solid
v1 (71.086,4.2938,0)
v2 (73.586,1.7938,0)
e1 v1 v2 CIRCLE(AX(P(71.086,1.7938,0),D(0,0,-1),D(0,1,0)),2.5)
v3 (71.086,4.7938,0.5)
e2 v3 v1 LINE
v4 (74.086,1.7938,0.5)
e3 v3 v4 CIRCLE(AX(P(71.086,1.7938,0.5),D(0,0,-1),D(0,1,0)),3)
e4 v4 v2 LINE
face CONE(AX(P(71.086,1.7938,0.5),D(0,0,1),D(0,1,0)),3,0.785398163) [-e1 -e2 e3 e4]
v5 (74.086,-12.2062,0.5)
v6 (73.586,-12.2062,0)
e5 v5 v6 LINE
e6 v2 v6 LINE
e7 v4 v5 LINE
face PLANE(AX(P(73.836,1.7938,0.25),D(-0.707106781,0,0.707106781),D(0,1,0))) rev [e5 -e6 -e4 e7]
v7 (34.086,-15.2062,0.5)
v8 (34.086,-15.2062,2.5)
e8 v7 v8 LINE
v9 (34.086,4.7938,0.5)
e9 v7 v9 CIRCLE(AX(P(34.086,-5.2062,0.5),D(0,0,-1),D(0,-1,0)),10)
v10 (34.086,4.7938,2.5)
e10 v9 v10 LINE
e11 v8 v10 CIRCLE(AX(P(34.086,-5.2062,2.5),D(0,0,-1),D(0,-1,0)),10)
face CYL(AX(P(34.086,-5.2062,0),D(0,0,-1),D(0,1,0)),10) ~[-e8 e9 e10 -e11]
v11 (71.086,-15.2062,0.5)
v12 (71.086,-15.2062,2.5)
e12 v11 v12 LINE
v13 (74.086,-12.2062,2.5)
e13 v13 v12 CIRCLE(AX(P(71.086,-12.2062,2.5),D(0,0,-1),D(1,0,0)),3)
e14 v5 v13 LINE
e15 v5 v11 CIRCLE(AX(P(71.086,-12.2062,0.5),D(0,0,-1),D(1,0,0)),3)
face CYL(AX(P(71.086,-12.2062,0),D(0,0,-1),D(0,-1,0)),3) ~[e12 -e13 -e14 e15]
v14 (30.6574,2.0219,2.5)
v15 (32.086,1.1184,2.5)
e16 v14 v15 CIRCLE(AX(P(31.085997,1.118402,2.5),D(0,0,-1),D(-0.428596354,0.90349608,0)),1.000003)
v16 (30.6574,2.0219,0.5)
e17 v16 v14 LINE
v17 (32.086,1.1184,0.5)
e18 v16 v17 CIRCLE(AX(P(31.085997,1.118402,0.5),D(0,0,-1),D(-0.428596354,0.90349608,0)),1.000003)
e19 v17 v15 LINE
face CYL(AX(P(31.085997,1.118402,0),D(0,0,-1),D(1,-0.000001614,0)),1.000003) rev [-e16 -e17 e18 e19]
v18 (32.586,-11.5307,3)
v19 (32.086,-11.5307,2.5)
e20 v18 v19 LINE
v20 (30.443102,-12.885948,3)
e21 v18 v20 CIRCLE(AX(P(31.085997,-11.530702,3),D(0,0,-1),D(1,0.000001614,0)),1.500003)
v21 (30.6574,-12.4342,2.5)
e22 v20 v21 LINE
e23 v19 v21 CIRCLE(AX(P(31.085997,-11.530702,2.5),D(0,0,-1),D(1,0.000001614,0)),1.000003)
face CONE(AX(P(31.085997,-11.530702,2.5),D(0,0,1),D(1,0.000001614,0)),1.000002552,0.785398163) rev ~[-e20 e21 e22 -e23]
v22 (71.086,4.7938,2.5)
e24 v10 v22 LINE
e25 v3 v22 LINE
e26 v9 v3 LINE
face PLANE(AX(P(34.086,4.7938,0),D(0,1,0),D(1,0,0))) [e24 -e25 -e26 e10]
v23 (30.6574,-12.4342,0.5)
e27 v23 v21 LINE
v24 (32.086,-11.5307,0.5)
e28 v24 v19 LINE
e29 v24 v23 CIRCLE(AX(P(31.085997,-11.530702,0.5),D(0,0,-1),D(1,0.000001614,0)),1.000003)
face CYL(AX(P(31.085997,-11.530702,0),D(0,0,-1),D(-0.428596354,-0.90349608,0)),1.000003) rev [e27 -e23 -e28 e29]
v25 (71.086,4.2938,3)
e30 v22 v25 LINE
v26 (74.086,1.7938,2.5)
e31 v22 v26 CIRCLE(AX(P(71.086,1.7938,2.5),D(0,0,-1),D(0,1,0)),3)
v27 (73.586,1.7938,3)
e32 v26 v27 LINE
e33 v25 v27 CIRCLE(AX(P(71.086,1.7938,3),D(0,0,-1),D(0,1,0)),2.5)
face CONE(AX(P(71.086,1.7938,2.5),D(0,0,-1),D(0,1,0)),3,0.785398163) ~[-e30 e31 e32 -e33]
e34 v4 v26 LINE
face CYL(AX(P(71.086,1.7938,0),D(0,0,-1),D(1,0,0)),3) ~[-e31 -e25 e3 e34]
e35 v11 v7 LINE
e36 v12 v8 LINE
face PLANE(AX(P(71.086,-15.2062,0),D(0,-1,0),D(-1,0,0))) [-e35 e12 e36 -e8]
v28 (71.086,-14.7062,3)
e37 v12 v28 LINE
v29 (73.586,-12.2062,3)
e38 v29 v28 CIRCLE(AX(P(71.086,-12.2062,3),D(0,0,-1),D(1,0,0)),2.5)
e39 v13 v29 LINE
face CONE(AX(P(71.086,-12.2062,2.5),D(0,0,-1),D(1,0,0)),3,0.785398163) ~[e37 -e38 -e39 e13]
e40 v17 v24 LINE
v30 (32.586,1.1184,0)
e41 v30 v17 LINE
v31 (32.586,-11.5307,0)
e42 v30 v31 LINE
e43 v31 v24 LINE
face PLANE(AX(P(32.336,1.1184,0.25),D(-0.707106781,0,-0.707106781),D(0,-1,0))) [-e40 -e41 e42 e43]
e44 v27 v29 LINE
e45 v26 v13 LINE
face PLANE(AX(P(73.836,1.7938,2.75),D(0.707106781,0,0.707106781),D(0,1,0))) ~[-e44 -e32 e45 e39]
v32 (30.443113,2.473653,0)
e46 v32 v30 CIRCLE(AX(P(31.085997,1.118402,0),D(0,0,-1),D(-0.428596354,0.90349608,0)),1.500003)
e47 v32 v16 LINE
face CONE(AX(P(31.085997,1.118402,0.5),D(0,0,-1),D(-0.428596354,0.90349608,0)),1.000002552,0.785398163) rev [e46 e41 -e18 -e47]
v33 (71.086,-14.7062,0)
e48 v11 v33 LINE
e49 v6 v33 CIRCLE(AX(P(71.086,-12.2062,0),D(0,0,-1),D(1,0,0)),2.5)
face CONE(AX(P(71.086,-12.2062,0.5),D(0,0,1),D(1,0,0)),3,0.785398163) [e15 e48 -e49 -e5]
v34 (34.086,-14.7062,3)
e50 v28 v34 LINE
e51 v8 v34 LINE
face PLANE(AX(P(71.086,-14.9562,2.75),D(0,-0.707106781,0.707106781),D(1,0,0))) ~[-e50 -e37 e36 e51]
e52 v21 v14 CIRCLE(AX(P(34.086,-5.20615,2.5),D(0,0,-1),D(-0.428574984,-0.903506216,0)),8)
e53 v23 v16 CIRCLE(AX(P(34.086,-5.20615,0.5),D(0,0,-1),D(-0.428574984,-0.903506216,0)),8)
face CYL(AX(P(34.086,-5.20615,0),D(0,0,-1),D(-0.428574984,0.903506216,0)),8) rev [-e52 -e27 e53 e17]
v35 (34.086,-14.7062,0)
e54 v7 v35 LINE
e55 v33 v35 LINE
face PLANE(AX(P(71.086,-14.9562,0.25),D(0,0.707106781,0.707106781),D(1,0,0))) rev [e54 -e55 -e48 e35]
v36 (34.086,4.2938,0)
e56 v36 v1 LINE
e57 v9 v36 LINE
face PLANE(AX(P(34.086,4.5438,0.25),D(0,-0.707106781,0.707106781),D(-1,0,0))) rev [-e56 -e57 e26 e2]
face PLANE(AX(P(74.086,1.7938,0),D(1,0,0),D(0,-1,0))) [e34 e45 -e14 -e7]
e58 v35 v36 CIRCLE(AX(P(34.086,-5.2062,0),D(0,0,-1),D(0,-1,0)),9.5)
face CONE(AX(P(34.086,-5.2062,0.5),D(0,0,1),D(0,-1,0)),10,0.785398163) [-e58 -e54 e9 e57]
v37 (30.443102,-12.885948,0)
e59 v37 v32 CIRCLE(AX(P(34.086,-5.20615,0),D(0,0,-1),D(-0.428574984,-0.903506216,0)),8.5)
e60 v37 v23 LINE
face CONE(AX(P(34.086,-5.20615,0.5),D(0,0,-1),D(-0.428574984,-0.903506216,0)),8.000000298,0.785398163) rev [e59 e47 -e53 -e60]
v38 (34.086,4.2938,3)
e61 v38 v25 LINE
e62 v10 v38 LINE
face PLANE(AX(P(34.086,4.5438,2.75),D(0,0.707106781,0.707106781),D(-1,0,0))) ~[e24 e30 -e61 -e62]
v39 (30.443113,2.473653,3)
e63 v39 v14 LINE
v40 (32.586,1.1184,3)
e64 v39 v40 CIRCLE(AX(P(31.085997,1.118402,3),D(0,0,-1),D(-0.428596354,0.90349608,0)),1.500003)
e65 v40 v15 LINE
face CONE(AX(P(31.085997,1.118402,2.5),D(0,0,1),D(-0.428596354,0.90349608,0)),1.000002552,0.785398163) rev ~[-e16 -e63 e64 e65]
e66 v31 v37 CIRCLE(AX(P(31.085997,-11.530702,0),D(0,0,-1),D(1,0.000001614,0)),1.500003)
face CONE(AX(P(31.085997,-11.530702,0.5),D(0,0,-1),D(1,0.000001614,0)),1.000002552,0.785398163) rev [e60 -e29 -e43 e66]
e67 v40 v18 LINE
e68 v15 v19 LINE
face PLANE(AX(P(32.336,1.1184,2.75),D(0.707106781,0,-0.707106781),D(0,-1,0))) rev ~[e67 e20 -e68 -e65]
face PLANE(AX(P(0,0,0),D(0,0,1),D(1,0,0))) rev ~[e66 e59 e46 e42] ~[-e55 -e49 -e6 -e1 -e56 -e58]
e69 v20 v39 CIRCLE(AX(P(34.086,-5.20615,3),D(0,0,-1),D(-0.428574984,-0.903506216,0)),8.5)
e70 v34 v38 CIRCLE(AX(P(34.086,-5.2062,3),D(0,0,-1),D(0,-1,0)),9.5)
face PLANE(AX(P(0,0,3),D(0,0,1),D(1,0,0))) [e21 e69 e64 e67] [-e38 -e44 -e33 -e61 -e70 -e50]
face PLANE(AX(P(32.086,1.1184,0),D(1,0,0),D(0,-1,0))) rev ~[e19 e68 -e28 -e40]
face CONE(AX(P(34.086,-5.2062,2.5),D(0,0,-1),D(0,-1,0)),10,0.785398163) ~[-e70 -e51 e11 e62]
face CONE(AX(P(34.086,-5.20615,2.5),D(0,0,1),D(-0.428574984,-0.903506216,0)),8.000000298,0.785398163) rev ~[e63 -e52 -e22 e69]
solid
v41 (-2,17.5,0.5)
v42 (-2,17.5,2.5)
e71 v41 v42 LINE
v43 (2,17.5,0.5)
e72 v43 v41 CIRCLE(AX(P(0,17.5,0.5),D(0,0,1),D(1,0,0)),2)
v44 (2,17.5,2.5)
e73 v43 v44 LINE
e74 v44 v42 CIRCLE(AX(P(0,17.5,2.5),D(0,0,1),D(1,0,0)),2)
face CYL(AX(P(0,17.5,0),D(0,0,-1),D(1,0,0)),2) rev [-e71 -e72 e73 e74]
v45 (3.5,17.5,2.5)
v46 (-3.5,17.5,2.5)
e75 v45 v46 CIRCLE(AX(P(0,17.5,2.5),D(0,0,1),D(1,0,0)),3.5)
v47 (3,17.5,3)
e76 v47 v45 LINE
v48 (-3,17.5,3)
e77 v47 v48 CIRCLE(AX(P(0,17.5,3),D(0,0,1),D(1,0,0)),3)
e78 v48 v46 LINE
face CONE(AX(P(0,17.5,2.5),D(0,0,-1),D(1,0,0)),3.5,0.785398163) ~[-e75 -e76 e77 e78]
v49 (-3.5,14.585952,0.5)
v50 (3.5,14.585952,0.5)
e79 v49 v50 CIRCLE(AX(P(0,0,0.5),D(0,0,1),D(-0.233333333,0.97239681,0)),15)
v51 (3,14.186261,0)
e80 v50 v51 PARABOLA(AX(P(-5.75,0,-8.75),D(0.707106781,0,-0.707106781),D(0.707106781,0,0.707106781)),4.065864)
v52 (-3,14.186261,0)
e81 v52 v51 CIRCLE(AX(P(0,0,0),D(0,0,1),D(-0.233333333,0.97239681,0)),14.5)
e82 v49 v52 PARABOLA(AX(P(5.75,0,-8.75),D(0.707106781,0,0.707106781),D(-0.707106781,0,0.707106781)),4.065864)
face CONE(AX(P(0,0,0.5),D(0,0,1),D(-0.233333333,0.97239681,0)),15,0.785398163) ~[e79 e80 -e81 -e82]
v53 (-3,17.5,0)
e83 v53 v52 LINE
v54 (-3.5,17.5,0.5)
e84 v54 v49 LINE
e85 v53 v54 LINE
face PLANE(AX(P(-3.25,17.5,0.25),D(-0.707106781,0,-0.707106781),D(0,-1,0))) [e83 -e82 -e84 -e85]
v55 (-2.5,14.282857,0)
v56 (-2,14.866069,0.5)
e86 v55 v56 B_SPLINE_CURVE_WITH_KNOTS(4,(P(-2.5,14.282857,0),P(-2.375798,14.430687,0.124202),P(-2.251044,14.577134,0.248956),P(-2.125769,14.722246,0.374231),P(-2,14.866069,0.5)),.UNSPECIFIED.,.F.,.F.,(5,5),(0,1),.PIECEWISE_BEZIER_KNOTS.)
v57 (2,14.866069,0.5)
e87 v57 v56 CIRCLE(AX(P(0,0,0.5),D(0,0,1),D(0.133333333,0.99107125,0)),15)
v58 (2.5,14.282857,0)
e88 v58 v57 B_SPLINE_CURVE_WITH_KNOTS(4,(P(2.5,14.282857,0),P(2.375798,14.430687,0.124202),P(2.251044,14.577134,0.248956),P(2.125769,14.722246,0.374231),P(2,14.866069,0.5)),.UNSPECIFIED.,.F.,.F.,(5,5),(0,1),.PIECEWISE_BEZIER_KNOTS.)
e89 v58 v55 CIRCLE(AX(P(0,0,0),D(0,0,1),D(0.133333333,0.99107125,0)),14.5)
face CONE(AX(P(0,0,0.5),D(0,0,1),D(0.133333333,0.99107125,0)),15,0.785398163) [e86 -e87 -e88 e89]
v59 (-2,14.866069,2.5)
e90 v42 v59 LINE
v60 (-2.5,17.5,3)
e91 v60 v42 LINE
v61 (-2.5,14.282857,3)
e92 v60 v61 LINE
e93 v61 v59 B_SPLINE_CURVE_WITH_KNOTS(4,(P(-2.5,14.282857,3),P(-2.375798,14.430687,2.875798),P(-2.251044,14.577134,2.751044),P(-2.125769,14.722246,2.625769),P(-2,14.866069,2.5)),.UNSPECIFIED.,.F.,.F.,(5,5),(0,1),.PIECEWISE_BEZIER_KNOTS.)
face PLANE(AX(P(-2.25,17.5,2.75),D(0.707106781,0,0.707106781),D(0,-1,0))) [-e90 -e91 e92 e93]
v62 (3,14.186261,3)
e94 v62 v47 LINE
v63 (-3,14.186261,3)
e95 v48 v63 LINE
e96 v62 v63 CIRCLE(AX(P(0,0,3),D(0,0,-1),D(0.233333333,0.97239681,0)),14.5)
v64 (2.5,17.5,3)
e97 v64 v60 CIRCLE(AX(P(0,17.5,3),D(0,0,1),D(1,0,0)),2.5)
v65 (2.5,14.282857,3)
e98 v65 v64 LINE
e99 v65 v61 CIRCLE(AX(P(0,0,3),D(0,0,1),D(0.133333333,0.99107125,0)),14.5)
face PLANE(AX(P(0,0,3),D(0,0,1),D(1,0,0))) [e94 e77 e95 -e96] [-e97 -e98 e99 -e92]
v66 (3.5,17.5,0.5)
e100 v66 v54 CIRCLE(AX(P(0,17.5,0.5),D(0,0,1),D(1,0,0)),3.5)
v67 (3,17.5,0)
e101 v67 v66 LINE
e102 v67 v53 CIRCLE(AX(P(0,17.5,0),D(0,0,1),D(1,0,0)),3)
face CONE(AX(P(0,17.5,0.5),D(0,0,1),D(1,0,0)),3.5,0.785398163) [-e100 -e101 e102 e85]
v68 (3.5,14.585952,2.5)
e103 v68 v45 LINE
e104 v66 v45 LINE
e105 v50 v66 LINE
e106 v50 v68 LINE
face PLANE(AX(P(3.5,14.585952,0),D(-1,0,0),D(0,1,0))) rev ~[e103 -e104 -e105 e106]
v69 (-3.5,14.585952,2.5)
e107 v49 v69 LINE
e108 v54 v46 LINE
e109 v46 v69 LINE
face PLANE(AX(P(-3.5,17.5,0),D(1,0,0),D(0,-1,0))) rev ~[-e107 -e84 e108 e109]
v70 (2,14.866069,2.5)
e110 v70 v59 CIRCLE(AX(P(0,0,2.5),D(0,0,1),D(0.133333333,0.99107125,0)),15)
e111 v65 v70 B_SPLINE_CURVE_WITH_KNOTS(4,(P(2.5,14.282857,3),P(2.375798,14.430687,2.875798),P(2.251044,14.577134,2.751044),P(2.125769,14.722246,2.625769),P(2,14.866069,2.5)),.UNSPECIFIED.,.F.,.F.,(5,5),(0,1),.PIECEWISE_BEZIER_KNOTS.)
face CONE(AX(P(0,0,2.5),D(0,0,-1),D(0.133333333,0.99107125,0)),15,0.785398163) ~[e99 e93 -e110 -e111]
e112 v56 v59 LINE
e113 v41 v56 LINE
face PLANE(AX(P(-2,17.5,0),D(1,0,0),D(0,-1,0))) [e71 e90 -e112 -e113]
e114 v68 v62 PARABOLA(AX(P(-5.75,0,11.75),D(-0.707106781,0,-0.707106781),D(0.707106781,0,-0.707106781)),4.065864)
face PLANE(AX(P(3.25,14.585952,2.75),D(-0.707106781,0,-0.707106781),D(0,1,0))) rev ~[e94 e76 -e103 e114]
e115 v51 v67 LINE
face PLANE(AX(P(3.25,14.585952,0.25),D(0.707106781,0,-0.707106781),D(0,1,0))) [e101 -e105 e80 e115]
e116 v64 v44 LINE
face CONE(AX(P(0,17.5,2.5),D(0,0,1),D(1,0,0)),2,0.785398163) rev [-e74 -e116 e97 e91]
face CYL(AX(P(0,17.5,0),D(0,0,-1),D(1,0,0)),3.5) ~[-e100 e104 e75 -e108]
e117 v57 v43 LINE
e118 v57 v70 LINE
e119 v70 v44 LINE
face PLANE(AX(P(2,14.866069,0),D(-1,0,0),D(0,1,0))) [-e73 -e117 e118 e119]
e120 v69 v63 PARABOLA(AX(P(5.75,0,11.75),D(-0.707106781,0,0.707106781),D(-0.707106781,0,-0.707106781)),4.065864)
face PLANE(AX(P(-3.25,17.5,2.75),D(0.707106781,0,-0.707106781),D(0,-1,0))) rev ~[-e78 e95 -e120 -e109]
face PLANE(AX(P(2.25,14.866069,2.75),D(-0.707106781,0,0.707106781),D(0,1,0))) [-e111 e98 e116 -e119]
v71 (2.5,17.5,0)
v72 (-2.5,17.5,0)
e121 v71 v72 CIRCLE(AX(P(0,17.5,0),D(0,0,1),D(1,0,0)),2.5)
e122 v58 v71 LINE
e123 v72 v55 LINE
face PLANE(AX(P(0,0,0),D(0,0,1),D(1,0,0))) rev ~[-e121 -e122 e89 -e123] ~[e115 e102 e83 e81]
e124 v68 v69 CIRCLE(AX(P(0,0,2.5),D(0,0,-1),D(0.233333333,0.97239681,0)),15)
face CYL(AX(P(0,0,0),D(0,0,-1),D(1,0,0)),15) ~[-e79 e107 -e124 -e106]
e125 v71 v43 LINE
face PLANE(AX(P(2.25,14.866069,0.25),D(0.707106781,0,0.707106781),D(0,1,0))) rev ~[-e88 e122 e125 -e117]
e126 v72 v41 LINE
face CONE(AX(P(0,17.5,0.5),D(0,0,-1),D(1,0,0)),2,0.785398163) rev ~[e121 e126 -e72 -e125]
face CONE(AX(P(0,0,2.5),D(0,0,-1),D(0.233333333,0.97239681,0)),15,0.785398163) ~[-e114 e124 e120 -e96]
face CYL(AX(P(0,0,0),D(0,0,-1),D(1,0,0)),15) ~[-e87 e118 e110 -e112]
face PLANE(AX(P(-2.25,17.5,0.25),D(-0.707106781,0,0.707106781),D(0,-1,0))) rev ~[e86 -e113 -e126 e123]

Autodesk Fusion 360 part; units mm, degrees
sketch "Round Keychain" plane through (0, 0, 0) normal (0, 0, 1) x (1, 0, 0)
  circle A0 centre (0, 0) radius 15
  line L0 (3.5, 0) -> (3.5, 17.5)
  arc A1 (3.5, 17.5) -> (-3.5, 17.5) centre (0, 17.5) ccw
  line L1 (-3.5, 17.5) -> (-3.5, 0)
  arc A2 (-3.5, 0) -> (3.5, 0) centre (0, 0) ccw
  line L2 (0, 0) -> (0, 17.5) construction
  line L3 (2, 0) -> (2, 17.5)
  arc A3 (2, 17.5) -> (-2, 17.5) centre (0, 17.5) ccw
  line L4 (-2, 17.5) -> (-2, 0)
  arc A4 (-2, 0) -> (2, 0) centre (0, 0) ccw
  dimension "d1" = 30
  dimension "d2" = 7
  dimension "d3" = 17.5
  dimension "d4" = -1.5
extrude "Extrude1" add sketch "Round Keychain" along normal blind 3 contours A0 L0 L1 A2 | A0 L0 L1 A2 L3 L4 A4 | A0 L0 A1 L1 L3 A3 L4 | A0 L3 L4 A4 makes body 1
chamfer "Chamfer1" distance 0.5 angle 45 2 faces at (6.1413, -3.1139, 3) (-1.5532, -1.0825, 0) on bodies 1
sketch "Sketch2" plane through (0, 0, 0) normal (0, 0, 1) x (1, 0, 0)
  line L0 (34.086, 4.7938) -> (71.086, 4.7938)
  line L1 (74.086, 1.7938) -> (74.086, -12.2062)
  line L2 (71.086, -15.2062) -> (34.086, -15.2062)
  line L3 (34.086, 4.7938) -> (34.086, -15.2062)
  arc A0 (34.086, 4.7938) -> (34.086, -15.2062) centre (34.086, -5.2062) ccw
  line L4 (32.086, 1.1184) -> (32.086, -11.5307)
  arc A1 (30.6574, 2.0219) -> (30.6574, -12.4342) centre (34.086, -5.2062) ccw
  arc A2 (32.086, 1.1184) -> (30.6574, 2.0219) centre (31.086, 1.1184) ccw
  arc A3 (30.6574, -12.4342) -> (32.086, -11.5307) centre (31.086, -11.5307) ccw
  arc A4 (74.086, 1.7938) -> (71.086, 4.7938) centre (71.086, 1.7938) ccw
  arc A5 (71.086, -15.2062) -> (74.086, -12.2062) centre (71.086, -12.2062) ccw
  dimension "d10" = 20
  dimension "d13" = 1
  dimension "d14" = 3
extrude "Extrude2" add sketch "Sketch2" along normal blind 3 separate body makes body 2
chamfer "Chamfer2" distance 0.5 angle 45 2 faces at (58.7527, -8.5395, 0) (58.7527, -8.5395, 3) on bodies 2
